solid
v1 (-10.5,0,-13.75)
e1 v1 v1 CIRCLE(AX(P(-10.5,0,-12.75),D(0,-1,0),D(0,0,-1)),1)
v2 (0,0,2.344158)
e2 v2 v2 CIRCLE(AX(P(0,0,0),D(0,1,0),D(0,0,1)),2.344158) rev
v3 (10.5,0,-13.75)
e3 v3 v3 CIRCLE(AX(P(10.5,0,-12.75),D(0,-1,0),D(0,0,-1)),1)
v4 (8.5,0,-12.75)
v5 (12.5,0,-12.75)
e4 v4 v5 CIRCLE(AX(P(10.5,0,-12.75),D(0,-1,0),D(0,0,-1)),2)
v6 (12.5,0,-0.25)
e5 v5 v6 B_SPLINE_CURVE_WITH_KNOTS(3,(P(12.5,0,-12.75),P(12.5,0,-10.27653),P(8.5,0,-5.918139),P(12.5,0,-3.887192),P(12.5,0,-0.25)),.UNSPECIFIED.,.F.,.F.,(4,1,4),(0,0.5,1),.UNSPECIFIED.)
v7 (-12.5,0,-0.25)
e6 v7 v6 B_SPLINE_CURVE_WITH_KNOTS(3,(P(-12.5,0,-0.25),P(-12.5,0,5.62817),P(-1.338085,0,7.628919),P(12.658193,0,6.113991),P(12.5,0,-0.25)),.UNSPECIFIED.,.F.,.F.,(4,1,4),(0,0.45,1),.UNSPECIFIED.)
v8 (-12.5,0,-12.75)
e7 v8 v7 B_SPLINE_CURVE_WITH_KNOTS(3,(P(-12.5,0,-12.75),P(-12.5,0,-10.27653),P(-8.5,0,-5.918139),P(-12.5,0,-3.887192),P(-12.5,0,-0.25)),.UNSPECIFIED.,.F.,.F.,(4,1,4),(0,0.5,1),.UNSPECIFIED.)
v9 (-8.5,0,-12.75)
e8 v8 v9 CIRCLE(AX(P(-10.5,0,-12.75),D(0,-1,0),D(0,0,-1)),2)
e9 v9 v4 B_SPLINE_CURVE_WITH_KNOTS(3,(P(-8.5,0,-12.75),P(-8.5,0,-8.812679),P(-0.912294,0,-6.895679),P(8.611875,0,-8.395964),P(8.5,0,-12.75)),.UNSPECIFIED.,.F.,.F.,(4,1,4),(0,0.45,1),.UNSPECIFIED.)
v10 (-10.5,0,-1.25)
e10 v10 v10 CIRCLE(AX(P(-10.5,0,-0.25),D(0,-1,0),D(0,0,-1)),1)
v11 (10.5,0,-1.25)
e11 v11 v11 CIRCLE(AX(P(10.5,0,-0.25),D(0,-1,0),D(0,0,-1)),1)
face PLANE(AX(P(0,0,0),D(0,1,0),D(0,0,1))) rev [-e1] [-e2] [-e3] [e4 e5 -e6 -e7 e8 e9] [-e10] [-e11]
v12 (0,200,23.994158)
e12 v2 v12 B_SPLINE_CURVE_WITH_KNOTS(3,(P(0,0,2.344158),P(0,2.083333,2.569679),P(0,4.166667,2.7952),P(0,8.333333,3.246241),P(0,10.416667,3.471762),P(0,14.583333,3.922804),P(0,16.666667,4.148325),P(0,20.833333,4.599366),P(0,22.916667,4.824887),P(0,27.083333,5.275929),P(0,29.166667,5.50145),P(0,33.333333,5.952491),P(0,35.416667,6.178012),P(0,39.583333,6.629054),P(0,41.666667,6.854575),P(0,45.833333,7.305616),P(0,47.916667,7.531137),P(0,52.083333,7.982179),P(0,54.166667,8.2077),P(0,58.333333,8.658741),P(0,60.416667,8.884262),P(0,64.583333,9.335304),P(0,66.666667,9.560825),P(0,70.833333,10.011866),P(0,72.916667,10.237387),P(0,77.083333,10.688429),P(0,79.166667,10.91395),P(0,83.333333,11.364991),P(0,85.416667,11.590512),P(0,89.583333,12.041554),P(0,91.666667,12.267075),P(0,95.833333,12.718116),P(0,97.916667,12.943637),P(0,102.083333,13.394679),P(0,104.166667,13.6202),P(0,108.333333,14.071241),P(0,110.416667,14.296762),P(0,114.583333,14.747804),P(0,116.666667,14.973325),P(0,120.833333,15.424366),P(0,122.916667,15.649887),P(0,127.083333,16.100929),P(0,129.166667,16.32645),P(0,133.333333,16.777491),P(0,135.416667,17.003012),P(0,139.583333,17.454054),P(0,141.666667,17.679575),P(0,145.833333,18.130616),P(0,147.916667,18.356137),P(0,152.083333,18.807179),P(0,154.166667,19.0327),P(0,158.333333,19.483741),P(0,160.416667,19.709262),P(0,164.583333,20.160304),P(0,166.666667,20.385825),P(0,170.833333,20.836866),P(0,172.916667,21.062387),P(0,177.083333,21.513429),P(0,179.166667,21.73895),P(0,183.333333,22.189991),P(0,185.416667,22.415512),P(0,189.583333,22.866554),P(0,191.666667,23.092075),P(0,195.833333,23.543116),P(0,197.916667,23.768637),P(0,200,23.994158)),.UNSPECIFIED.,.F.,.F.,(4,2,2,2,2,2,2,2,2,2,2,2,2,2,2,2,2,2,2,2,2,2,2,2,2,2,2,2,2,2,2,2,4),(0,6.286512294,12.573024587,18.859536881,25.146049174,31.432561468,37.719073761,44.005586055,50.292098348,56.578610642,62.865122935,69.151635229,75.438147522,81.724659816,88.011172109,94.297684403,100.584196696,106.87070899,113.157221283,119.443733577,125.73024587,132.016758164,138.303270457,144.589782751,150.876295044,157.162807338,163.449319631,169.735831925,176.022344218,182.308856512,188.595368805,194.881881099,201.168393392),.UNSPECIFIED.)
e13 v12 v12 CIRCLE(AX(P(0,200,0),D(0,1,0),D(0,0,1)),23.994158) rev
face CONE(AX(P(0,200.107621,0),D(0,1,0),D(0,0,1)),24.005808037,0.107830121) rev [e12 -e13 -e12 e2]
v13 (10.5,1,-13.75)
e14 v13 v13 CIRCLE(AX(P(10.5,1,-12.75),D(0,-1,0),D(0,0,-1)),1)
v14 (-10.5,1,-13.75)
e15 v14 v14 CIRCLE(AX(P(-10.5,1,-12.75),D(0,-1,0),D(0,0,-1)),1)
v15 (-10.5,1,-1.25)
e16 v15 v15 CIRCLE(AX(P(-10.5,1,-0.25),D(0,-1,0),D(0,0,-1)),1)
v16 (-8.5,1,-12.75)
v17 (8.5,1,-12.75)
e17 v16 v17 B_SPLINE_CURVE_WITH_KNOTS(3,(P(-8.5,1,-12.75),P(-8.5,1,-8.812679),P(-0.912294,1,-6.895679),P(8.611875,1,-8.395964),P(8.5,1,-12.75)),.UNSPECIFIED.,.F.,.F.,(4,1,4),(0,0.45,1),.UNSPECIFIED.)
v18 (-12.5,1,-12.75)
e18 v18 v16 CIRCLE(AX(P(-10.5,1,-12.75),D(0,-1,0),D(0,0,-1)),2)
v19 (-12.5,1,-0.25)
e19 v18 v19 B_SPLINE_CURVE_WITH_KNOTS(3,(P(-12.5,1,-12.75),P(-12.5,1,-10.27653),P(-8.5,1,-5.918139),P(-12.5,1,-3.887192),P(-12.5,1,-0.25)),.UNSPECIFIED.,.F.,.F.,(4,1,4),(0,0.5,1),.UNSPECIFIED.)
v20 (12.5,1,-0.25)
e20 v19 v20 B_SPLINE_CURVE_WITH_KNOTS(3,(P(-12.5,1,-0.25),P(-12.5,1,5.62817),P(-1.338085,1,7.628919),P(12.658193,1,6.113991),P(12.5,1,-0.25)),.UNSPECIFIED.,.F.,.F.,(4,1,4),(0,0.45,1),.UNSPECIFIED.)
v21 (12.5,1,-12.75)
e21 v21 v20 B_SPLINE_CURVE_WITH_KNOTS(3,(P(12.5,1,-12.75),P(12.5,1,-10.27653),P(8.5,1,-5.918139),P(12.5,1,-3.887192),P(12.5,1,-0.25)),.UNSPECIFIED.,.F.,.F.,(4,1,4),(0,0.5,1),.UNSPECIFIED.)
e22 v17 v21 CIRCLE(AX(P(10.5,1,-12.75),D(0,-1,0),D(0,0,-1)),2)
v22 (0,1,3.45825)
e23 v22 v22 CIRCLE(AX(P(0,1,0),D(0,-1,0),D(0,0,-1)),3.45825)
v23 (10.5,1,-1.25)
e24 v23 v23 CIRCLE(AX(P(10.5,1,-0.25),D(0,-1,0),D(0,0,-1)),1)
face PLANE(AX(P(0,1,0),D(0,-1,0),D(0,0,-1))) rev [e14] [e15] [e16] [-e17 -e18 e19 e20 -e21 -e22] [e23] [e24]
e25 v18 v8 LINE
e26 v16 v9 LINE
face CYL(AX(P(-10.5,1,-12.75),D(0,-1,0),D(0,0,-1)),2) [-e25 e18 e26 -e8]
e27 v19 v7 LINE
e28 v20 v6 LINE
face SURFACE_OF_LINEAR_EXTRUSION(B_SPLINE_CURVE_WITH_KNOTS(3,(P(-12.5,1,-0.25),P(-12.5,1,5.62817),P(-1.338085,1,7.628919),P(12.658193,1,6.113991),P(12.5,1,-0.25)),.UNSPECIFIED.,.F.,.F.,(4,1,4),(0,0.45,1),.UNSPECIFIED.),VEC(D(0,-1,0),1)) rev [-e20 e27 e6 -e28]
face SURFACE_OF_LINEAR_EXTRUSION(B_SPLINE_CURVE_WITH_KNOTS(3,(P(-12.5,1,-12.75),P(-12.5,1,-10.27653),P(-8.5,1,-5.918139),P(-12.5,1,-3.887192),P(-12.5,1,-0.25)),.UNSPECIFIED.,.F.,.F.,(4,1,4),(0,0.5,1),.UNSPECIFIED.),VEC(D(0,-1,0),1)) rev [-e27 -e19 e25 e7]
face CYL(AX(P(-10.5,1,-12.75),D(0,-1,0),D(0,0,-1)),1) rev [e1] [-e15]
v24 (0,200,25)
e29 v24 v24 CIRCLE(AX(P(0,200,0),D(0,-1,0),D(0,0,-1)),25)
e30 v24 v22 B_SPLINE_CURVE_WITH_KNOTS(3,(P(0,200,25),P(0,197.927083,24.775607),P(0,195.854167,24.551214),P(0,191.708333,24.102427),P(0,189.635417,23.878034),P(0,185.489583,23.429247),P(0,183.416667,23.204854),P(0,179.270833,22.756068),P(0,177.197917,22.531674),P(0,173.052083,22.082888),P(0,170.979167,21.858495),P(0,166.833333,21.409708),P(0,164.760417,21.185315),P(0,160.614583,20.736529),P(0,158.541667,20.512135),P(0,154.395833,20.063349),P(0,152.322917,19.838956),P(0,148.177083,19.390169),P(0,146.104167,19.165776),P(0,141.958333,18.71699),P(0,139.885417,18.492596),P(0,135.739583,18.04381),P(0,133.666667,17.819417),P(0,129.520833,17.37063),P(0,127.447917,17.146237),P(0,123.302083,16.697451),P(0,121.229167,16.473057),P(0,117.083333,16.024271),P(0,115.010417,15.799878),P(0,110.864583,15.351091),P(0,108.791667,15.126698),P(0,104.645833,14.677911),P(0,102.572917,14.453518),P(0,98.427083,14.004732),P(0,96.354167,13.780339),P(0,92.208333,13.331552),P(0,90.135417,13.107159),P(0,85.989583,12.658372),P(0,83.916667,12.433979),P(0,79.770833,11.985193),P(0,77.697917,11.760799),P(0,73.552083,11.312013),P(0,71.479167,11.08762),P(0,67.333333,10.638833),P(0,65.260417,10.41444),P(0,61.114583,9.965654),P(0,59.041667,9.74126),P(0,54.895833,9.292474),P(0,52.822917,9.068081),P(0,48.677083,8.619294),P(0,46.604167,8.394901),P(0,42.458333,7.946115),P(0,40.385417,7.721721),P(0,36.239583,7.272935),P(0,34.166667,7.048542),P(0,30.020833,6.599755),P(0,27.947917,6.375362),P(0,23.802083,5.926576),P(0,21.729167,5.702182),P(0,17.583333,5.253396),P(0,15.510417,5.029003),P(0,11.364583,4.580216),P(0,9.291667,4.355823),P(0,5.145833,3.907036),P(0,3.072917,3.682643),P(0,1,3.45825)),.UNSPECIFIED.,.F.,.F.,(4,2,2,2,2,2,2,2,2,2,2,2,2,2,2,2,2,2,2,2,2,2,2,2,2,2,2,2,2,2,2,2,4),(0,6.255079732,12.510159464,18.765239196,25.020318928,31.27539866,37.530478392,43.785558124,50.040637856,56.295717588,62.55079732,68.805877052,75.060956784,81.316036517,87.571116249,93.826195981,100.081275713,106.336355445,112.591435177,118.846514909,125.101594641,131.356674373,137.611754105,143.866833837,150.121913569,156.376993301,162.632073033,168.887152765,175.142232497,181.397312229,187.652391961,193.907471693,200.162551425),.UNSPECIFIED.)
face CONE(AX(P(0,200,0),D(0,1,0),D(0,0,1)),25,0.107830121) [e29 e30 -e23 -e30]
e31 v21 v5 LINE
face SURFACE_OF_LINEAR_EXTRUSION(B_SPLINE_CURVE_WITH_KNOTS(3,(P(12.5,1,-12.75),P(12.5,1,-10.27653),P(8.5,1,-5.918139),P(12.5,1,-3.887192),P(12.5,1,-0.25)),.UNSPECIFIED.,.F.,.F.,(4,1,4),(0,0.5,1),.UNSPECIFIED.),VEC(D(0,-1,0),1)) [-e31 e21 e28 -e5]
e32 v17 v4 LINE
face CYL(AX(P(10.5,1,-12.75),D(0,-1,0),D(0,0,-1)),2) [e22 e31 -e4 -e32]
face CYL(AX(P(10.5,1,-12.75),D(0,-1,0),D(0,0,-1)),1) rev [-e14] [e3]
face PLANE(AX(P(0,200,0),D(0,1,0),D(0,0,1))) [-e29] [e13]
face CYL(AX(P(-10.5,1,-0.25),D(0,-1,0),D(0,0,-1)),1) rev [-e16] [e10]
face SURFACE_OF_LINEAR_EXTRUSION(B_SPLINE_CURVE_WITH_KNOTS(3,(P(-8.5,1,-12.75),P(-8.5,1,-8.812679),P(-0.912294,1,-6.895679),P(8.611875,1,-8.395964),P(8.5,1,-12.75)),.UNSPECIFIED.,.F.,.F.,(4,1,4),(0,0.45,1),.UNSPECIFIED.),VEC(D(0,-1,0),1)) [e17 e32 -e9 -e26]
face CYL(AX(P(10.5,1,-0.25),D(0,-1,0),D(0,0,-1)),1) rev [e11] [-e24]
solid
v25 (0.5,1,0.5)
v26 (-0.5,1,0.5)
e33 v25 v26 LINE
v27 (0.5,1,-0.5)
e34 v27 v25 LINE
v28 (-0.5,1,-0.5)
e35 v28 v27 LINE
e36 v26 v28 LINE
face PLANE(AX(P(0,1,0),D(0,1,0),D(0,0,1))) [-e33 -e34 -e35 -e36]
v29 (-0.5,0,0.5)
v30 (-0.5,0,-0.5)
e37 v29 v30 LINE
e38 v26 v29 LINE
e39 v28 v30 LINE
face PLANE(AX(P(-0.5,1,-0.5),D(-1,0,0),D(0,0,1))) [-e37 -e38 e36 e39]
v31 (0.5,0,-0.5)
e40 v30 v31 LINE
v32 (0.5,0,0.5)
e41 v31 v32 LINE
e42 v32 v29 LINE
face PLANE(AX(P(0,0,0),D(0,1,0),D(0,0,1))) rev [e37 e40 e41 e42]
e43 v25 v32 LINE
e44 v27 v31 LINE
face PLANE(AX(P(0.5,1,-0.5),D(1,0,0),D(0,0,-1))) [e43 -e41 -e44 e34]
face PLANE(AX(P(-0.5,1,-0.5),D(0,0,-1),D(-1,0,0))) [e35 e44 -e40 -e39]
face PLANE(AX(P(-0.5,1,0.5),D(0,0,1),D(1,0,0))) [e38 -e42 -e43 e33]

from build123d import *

# Parameters (mm, degrees)
SKETCH1_R           = 25
BOSS_EXTRUDE1_DEPTH = 200
SHELL1_T            = -1
SKETCH4_W           = 1
SKETCH4_H           = 1
BOSS_EXTRUDE2_DEPTH = 1
SKETCH5_R           = 1
SKETCH5_R_2         = 3.35
BOSS_EXTRUDE3_DEPTH = 1


with BuildPart() as part:
    # Sketch1 → Boss-Extrude1 (new body)
    with BuildSketch(Plane(origin=(0, 0, 0), x_dir=(1, 0, 0), z_dir=(0, 1, 0))):
        with Locations(Location((0, 0, 0), (0, 0, 270))):
            Circle(SKETCH1_R)
    extrude(amount=BOSS_EXTRUDE1_DEPTH)

    # Sketch2 → Cut-Revolve1 (revolve, cut)
    with BuildSketch(Plane.XY, mode=Mode.PRIVATE) as cut_revolve1_sk:
        Polygon((-25, 200), (-3.35, 0), (-25, 0), align=None)
    revolve(cut_revolve1_sk.sketch.rotate(Axis((0, 0, 0), (0, 1, 0)), 90), axis=Axis((0, 0, 0), (0, 1, 0)), mode=Mode.SUBTRACT)

    # Shell1
    shell1_openings = [part.faces().sort_by_distance(p)[0] for p in [
        (0, 200, 0),
        (0, 0, 0),
    ]]
    offset(amount=SHELL1_T, openings=shell1_openings, kind=Kind.INTERSECTION)

    # Sketch5 → Boss-Extrude3 (add)
    with BuildSketch(Plane.XZ):
        with BuildLine():
            add(Edge.make_bspline(
                [(-12.5, -12.75), (-12.5, -10.276529653), (-8.5, -5.918139103), (-12.5, -3.88719214), (-12.5, -0.25)],
                knots=[0, 0, 0, 0, 0.5, 1, 1, 1, 1], degree=3))
            ThreePointArc((-12.5, -12.75), (-10.5, -14.75), (-8.5, -12.75))
            add(Edge.make_bspline(
                [(-8.5, -12.75), (-8.5, -8.812678575), (-0.936323636, -6.901749471), (8.551571166, -8.386496121), (8.501401516, -12.675139452)],
                knots=[0, 0, 0, 0, 0.45, 0.996833123, 0.996833123, 0.996833123, 0.996833123], degree=3))
            add(Edge.make_bspline(
                [(8.501401516, -12.675139452), (8.501110969, -12.699976289), (8.500644174, -12.724929646), (8.5, -12.75)],
                knots=[0.996833123, 0.996833123, 0.996833123, 0.996833123, 1, 1, 1, 1], degree=3))
            ThreePointArc((8.5, -12.75), (10.5, -14.75), (12.5, -12.75))
            add(Edge.make_bspline(
                [(12.5, -12.75), (12.5, -10.276529653), (8.5, -5.918139103), (12.5, -3.88719214), (12.5, -0.25)],
                knots=[0, 0, 0, 0, 0.5, 1, 1, 1, 1], degree=3))
            add(Edge.make_bspline(
                [(-12.5, -0.25), (-12.5, 5.628170091), (-1.338084599, 7.628919255), (12.65819275, 6.1139914), (12.5, -0.25)],
                knots=[0, 0, 0, 0, 0.45, 1, 1, 1, 1], degree=3))
        make_face()
        with Locations(Location((-10.5, -12.75, 0), (0, 0, 270))):
            Circle(SKETCH5_R, mode=Mode.SUBTRACT)
        with Locations(Location((10.5, -12.75, 0), (0, 0, 270))):
            Circle(SKETCH5_R, mode=Mode.SUBTRACT)
        with Locations(Location((-10.5, -0.25, 0), (0, 0, 270))):
            Circle(SKETCH5_R, mode=Mode.SUBTRACT)
        Circle(SKETCH5_R_2, mode=Mode.SUBTRACT)
        with Locations(Location((10.5, -0.25, 0), (0, 0, 270))):
            Circle(SKETCH5_R, mode=Mode.SUBTRACT)
    extrude(amount=-BOSS_EXTRUDE3_DEPTH)


with BuildPart() as body_2:
    # Sketch4 → Boss-Extrude2 (new body)
    with BuildSketch(Plane.XZ):
        Rectangle(SKETCH4_W, SKETCH4_H)
    extrude(amount=-BOSS_EXTRUDE2_DEPTH)


solid = Compound([part.part, body_2.part])
